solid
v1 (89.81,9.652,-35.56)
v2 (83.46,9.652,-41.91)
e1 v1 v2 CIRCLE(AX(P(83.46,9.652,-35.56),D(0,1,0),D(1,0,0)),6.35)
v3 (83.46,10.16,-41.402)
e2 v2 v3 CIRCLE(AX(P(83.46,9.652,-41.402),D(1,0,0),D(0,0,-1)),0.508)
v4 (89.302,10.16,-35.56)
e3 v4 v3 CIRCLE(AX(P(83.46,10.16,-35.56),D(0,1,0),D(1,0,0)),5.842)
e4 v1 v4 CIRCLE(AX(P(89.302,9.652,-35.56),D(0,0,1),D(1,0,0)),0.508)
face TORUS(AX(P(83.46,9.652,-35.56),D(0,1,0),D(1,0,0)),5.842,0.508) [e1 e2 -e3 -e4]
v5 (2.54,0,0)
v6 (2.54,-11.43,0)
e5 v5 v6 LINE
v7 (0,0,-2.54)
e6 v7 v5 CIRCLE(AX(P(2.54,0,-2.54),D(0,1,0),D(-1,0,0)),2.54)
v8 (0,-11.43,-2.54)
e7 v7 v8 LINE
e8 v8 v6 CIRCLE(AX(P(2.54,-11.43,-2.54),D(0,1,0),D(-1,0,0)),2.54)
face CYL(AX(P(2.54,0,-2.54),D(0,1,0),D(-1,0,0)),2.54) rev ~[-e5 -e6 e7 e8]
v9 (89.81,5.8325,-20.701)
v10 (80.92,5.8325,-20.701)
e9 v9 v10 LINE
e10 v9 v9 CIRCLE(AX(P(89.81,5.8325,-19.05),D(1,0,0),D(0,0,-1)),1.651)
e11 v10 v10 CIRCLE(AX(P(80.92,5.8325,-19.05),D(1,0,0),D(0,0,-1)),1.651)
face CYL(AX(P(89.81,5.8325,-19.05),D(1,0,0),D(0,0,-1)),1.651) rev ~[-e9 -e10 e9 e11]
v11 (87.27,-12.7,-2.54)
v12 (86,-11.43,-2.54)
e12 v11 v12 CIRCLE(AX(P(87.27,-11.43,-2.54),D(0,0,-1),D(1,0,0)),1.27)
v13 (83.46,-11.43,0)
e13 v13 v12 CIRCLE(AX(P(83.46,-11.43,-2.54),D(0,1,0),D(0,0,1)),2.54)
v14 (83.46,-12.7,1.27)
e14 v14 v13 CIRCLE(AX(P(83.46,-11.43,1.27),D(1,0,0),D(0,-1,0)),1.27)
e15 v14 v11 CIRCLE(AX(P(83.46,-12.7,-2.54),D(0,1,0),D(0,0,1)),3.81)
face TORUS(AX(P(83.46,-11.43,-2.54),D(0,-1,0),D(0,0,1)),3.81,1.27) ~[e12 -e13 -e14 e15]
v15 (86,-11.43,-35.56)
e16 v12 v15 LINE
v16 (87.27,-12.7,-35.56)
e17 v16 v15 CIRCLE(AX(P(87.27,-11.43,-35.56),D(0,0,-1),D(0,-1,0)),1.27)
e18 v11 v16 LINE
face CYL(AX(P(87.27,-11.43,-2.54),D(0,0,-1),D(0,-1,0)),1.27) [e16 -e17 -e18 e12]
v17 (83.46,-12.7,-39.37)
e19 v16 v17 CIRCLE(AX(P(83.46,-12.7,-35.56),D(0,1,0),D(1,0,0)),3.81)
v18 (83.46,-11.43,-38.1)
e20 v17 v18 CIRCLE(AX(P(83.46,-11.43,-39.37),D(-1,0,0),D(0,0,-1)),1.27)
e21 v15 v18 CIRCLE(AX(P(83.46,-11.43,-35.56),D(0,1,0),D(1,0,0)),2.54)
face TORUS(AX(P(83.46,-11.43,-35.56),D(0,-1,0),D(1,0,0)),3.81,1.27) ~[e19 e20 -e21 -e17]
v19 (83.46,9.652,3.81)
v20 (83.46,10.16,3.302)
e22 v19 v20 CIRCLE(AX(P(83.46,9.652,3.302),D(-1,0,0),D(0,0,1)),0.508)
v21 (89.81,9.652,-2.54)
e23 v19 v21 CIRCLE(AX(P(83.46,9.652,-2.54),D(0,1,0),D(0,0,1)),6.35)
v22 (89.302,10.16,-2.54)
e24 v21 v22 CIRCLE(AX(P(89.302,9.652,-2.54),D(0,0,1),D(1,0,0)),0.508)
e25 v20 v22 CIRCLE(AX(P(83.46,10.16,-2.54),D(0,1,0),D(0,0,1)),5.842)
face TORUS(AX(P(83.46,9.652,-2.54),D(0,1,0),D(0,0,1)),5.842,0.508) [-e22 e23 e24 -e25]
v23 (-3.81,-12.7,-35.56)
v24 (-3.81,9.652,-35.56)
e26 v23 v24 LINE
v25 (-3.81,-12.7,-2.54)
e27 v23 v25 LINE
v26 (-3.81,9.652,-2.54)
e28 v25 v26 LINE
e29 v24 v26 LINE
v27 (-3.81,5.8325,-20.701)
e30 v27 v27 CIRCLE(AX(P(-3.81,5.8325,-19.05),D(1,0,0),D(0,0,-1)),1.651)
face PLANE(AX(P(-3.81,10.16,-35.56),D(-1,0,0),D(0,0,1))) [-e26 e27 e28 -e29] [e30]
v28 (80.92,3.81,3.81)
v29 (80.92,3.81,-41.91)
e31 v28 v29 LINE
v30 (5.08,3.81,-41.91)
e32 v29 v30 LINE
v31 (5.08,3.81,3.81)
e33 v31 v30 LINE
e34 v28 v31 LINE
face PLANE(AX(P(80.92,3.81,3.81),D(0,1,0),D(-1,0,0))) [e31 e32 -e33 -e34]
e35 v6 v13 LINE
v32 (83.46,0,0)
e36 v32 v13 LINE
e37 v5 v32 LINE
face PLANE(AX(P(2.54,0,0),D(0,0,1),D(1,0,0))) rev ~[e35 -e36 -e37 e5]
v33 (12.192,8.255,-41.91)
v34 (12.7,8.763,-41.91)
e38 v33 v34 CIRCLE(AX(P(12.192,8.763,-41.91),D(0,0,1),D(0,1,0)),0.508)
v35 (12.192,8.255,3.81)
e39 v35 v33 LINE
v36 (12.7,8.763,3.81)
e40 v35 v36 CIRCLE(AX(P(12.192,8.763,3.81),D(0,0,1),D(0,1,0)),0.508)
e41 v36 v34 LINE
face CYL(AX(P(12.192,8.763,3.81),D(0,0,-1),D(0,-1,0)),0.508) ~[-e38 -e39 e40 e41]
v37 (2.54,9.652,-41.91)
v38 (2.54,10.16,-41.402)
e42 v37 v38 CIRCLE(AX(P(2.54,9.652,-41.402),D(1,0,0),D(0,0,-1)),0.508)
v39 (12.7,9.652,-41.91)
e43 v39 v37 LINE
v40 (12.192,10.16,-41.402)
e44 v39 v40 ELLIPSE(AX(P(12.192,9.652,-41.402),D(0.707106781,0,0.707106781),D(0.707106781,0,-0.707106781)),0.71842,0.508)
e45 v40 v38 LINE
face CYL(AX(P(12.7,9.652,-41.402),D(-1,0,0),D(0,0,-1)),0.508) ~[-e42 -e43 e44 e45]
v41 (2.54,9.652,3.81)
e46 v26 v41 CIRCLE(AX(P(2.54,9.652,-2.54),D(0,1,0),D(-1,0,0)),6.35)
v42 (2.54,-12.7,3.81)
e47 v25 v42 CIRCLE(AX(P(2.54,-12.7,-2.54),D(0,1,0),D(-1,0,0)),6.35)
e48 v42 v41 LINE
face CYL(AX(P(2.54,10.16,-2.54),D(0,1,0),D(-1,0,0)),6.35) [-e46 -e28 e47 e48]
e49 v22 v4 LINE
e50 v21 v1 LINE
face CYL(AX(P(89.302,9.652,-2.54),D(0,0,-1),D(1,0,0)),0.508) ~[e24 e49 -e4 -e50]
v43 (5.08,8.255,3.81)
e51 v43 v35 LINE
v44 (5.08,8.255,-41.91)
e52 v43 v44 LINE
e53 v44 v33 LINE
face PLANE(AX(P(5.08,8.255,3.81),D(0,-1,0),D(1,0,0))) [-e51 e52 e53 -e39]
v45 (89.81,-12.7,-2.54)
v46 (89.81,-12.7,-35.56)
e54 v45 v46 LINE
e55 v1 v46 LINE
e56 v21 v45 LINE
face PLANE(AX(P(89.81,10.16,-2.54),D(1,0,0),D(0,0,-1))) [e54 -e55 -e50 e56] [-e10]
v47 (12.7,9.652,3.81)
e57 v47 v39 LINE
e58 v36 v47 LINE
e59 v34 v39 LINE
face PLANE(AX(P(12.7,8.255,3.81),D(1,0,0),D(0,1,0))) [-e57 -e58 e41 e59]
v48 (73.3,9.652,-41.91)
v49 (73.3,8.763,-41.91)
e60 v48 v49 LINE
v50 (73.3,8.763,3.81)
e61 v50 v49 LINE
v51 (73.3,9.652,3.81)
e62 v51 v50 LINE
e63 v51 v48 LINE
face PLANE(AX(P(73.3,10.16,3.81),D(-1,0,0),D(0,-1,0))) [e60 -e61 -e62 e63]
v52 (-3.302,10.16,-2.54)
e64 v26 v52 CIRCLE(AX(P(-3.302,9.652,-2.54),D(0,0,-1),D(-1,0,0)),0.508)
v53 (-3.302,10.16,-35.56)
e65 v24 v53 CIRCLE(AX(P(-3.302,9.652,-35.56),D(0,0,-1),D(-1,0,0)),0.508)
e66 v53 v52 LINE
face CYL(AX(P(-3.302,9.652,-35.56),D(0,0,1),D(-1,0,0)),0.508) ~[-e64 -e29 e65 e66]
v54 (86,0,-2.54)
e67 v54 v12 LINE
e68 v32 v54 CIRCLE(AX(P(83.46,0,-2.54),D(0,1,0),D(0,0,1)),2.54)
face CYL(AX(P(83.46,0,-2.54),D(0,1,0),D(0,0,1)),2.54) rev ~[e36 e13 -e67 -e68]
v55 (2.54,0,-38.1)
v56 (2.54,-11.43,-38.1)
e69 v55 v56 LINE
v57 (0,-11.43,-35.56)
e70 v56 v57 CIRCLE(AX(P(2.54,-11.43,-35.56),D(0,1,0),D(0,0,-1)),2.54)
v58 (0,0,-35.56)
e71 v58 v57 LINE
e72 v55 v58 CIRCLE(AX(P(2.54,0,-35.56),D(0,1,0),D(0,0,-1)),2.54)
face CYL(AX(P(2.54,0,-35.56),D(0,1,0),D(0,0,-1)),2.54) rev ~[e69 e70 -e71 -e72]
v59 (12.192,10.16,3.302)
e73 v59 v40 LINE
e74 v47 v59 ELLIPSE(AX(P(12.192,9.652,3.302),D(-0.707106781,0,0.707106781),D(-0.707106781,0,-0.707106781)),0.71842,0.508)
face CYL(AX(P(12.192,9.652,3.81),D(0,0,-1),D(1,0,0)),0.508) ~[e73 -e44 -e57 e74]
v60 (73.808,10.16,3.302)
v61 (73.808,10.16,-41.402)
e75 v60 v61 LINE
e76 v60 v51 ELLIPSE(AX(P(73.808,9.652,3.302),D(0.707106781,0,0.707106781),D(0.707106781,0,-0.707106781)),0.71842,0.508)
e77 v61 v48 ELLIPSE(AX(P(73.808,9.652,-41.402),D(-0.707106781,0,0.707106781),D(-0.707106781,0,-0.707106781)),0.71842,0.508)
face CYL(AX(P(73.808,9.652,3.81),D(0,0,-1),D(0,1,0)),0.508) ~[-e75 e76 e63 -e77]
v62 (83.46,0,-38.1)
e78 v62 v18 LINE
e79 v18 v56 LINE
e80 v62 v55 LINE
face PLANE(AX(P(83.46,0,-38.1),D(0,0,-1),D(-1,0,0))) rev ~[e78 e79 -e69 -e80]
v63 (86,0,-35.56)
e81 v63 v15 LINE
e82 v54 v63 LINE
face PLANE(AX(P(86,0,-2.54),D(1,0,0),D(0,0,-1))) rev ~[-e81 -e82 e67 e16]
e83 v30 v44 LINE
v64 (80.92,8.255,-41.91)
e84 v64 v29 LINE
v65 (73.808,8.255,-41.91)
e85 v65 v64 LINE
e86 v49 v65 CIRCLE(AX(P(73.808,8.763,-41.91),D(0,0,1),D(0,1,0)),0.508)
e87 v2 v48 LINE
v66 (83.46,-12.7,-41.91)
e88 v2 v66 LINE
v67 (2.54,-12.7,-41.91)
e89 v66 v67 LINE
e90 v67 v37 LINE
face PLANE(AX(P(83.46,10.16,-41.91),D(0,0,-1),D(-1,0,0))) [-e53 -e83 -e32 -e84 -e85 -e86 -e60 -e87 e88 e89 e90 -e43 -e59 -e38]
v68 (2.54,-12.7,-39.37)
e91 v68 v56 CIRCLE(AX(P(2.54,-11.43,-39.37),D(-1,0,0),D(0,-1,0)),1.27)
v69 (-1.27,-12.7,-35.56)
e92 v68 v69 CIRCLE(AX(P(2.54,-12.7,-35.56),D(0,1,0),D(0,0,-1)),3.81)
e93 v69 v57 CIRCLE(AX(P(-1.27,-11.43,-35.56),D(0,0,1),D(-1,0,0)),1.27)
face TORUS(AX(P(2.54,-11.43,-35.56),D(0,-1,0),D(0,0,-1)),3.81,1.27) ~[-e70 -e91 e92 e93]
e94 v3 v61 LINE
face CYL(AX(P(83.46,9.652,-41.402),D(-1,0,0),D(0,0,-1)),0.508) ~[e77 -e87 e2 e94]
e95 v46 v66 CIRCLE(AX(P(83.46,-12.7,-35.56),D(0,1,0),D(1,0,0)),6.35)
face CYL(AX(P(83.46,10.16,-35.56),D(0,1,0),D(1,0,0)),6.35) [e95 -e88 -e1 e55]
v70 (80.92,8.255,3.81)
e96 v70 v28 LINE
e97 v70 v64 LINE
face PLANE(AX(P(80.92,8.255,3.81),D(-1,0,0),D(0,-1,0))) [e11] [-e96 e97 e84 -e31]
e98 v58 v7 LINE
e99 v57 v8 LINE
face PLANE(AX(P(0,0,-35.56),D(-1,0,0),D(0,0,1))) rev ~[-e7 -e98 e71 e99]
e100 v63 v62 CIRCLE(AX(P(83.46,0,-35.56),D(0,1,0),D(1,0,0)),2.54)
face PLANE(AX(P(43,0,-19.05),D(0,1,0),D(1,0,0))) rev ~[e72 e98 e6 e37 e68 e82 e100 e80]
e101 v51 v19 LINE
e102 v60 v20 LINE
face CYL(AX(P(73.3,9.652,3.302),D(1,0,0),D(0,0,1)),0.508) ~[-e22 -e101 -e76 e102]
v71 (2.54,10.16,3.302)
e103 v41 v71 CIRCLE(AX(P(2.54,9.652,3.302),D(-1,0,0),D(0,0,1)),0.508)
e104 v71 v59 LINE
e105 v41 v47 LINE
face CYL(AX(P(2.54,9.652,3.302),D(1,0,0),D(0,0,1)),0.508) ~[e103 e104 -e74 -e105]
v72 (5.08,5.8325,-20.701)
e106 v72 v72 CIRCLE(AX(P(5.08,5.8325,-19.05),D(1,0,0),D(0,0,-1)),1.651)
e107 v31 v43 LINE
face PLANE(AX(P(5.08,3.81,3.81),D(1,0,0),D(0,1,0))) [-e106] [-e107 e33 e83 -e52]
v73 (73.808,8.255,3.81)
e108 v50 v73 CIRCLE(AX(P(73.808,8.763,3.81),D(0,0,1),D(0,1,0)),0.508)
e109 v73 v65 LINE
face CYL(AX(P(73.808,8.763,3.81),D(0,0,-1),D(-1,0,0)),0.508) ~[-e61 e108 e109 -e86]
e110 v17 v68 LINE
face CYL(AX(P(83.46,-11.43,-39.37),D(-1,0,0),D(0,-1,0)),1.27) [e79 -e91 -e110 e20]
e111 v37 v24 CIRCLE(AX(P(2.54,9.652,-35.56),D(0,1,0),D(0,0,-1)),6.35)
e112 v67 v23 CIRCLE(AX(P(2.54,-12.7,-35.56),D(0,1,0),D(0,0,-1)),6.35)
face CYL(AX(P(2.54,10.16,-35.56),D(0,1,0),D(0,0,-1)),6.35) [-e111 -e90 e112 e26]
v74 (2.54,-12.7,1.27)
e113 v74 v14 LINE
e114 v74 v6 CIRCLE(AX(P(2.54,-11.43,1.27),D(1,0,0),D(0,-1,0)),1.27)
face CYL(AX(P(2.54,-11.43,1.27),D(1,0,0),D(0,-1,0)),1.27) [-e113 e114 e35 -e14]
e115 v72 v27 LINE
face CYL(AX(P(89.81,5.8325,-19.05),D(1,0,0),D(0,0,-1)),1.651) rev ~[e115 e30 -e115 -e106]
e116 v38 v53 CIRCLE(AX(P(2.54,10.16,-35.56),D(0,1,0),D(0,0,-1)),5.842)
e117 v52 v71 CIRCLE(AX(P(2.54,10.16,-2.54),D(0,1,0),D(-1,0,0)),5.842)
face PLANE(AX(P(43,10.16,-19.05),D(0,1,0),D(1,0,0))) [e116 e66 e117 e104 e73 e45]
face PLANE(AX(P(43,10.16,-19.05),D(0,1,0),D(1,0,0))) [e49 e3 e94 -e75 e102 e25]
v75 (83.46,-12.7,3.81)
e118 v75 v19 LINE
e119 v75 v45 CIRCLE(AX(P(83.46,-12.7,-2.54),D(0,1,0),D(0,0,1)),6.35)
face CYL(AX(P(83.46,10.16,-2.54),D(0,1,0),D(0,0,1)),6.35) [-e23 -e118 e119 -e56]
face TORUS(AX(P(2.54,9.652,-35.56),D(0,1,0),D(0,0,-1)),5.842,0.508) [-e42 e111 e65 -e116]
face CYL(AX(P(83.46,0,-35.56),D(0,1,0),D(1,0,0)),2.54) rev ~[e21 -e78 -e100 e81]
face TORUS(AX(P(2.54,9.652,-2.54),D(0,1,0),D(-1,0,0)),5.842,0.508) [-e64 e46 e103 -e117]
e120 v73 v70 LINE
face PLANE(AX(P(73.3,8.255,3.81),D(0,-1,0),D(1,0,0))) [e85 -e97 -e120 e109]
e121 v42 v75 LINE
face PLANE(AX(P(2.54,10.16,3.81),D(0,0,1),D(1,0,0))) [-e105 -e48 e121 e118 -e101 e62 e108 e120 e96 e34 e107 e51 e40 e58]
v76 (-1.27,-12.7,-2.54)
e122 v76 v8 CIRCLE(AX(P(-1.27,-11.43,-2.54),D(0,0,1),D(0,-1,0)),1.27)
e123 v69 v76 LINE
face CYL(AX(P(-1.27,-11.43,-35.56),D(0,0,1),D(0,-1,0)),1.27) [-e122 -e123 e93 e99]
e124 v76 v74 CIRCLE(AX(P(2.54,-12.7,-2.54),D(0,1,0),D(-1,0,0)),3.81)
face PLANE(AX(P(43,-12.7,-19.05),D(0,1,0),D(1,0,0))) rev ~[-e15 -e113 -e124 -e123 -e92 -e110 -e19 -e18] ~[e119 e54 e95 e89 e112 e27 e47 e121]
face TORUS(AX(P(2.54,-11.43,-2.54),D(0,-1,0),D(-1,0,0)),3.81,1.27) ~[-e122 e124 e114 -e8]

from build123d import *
from OCP.BRepFilletAPI import BRepFilletAPI_MakeFillet

# Parameters (mm, degrees)
BOSS_EXTRUDE1_DEPTH = 12.7
BOSS_EXTRUDE2_START = 10.16
BOSS_EXTRUDE2_DEPTH = 10.16
CUT_EXTRUDE1_REACH  = 103.575
SKETCH5_R           = 1.651
CUT_EXTRUDE2_DEPTH  = 104.355902105
FILLET1_R1          = 0.508
FILLET1_R2          = 1.27


with BuildPart() as part:
    # Sketch1 → Boss-Extrude1 (new body)
    with BuildSketch(Plane(origin=(0, 0, 0), x_dir=(1, 0, 0), z_dir=(0, 1, 0))):
        with BuildLine():
            Line((2.54, -3.81), (83.46, -3.81))
            ThreePointArc((83.46, -3.81), (87.950128061, -1.950128061), (89.81, 2.54))
            Line((89.81, 2.54), (89.81, 35.56))
            ThreePointArc((89.81, 35.56), (87.950128061, 40.050128061), (83.46, 41.91))
            Line((83.46, 41.91), (2.54, 41.91))
            ThreePointArc((2.54, 41.91), (-1.950128061, 40.050128061), (-3.81, 35.56))
            Line((-3.81, 35.56), (-3.81, 2.54))
            ThreePointArc((-3.81, 2.54), (-1.950128061, -1.950128061), (2.54, -3.81))
        make_face()
        with BuildLine():
            Line((2.54, 0), (83.46, 0))
            ThreePointArc((83.46, 0), (85.256051224, 0.743948776), (86, 2.54))
            Line((86, 2.54), (86, 35.56))
            ThreePointArc((86, 35.56), (85.256051224, 37.356051224), (83.46, 38.1))
            Line((83.46, 38.1), (2.54, 38.1))
            ThreePointArc((2.54, 38.1), (0.743948776, 37.356051224), (0, 35.56))
            Line((0, 35.56), (0, 2.54))
            ThreePointArc((0, 2.54), (0.743948776, 0.743948776), (2.54, 0))
        make_face(mode=Mode.SUBTRACT)
    extrude(amount=-BOSS_EXTRUDE1_DEPTH)

    # Sketch3 → Boss-Extrude2 (add)
    with BuildSketch(Plane(origin=(0, 0, 0), x_dir=(1, 0, 0), z_dir=(0, 1, 0)).offset(BOSS_EXTRUDE2_START)):
        with BuildLine():
            Line((83.46, 41.91), (2.54, 41.91))
            ThreePointArc((2.54, 41.91), (-1.950128061, 40.050128061), (-3.81, 35.56))
            Line((-3.81, 35.56), (-3.81, 2.54))
            ThreePointArc((-3.81, 2.54), (-1.950128061, -1.950128061), (2.54, -3.81))
            Line((2.54, -3.81), (83.46, -3.81))
            ThreePointArc((83.46, -3.81), (87.950128061, -1.950128061), (89.81, 2.54))
            Line((89.81, 2.54), (89.81, 35.56))
            ThreePointArc((89.81, 35.56), (87.950128061, 40.050128061), (83.46, 41.91))
        make_face()
    extrude(amount=-BOSS_EXTRUDE2_DEPTH)

    # Sketch4 → Cut-Extrude1 (cut, up to next)
    with BuildSketch(Plane.XY.offset(3.81), mode=Mode.PRIVATE) as cut_extrude1_sk1:
        Polygon((73.3, 10.16), (73.3, 8.255), (80.92, 8.255), (80.92, 3.81), (5.08, 3.81), (5.08, 8.255), (12.7, 8.255), (12.7, 10.16), align=None)
    cut_extrude1_tool1 = extrude(cut_extrude1_sk1.sketch, amount=-CUT_EXTRUDE1_REACH, mode=Mode.PRIVATE) & part.part
    add(cut_extrude1_tool1.solids().sort_by_distance((43, 6.842422, 3.81))[0], mode=Mode.SUBTRACT)

    # Sketch5 → Cut-Extrude2 (cut, through all)
    with BuildSketch(Plane(origin=(89.81, 0, 0), x_dir=(0, 0, -1), z_dir=(1, 0, 0))):
        with Locations((19.05, 5.8325)):
            Circle(SKETCH5_R)
    extrude(amount=-CUT_EXTRUDE2_DEPTH, mode=Mode.SUBTRACT)

    # Fillet1: one fillet with a radius per group of edges: ONE call of the kernel's fillet builder (fillet() takes one radius for all edges)
    fillet1_edges_1 = [part.edges().sort_by_distance(p)[0] for p in [
        (12.7, 8.255, -19.05),
        (73.3, 8.255, -19.05),
        (12.7, 10.16, -19.05),
        (73.3, 10.16, -19.05),
        (7.62, 10.16, -41.91),
        (78.38, 10.16, -41.91),
    ]]
    fillet1_edges_2 = [part.edges().sort_by_distance(p)[0] for p in [
        (43, -12.7, 0),
    ]]
    fillet1 = BRepFilletAPI_MakeFillet(part.part.solid().wrapped)
    for e in fillet1_edges_1:
        fillet1.Add(FILLET1_R1, e.wrapped)
    for e in fillet1_edges_2:
        fillet1.Add(FILLET1_R2, e.wrapped)
    add(Compound.cast(fillet1.Shape()), mode=Mode.REPLACE)


solid = part.part
